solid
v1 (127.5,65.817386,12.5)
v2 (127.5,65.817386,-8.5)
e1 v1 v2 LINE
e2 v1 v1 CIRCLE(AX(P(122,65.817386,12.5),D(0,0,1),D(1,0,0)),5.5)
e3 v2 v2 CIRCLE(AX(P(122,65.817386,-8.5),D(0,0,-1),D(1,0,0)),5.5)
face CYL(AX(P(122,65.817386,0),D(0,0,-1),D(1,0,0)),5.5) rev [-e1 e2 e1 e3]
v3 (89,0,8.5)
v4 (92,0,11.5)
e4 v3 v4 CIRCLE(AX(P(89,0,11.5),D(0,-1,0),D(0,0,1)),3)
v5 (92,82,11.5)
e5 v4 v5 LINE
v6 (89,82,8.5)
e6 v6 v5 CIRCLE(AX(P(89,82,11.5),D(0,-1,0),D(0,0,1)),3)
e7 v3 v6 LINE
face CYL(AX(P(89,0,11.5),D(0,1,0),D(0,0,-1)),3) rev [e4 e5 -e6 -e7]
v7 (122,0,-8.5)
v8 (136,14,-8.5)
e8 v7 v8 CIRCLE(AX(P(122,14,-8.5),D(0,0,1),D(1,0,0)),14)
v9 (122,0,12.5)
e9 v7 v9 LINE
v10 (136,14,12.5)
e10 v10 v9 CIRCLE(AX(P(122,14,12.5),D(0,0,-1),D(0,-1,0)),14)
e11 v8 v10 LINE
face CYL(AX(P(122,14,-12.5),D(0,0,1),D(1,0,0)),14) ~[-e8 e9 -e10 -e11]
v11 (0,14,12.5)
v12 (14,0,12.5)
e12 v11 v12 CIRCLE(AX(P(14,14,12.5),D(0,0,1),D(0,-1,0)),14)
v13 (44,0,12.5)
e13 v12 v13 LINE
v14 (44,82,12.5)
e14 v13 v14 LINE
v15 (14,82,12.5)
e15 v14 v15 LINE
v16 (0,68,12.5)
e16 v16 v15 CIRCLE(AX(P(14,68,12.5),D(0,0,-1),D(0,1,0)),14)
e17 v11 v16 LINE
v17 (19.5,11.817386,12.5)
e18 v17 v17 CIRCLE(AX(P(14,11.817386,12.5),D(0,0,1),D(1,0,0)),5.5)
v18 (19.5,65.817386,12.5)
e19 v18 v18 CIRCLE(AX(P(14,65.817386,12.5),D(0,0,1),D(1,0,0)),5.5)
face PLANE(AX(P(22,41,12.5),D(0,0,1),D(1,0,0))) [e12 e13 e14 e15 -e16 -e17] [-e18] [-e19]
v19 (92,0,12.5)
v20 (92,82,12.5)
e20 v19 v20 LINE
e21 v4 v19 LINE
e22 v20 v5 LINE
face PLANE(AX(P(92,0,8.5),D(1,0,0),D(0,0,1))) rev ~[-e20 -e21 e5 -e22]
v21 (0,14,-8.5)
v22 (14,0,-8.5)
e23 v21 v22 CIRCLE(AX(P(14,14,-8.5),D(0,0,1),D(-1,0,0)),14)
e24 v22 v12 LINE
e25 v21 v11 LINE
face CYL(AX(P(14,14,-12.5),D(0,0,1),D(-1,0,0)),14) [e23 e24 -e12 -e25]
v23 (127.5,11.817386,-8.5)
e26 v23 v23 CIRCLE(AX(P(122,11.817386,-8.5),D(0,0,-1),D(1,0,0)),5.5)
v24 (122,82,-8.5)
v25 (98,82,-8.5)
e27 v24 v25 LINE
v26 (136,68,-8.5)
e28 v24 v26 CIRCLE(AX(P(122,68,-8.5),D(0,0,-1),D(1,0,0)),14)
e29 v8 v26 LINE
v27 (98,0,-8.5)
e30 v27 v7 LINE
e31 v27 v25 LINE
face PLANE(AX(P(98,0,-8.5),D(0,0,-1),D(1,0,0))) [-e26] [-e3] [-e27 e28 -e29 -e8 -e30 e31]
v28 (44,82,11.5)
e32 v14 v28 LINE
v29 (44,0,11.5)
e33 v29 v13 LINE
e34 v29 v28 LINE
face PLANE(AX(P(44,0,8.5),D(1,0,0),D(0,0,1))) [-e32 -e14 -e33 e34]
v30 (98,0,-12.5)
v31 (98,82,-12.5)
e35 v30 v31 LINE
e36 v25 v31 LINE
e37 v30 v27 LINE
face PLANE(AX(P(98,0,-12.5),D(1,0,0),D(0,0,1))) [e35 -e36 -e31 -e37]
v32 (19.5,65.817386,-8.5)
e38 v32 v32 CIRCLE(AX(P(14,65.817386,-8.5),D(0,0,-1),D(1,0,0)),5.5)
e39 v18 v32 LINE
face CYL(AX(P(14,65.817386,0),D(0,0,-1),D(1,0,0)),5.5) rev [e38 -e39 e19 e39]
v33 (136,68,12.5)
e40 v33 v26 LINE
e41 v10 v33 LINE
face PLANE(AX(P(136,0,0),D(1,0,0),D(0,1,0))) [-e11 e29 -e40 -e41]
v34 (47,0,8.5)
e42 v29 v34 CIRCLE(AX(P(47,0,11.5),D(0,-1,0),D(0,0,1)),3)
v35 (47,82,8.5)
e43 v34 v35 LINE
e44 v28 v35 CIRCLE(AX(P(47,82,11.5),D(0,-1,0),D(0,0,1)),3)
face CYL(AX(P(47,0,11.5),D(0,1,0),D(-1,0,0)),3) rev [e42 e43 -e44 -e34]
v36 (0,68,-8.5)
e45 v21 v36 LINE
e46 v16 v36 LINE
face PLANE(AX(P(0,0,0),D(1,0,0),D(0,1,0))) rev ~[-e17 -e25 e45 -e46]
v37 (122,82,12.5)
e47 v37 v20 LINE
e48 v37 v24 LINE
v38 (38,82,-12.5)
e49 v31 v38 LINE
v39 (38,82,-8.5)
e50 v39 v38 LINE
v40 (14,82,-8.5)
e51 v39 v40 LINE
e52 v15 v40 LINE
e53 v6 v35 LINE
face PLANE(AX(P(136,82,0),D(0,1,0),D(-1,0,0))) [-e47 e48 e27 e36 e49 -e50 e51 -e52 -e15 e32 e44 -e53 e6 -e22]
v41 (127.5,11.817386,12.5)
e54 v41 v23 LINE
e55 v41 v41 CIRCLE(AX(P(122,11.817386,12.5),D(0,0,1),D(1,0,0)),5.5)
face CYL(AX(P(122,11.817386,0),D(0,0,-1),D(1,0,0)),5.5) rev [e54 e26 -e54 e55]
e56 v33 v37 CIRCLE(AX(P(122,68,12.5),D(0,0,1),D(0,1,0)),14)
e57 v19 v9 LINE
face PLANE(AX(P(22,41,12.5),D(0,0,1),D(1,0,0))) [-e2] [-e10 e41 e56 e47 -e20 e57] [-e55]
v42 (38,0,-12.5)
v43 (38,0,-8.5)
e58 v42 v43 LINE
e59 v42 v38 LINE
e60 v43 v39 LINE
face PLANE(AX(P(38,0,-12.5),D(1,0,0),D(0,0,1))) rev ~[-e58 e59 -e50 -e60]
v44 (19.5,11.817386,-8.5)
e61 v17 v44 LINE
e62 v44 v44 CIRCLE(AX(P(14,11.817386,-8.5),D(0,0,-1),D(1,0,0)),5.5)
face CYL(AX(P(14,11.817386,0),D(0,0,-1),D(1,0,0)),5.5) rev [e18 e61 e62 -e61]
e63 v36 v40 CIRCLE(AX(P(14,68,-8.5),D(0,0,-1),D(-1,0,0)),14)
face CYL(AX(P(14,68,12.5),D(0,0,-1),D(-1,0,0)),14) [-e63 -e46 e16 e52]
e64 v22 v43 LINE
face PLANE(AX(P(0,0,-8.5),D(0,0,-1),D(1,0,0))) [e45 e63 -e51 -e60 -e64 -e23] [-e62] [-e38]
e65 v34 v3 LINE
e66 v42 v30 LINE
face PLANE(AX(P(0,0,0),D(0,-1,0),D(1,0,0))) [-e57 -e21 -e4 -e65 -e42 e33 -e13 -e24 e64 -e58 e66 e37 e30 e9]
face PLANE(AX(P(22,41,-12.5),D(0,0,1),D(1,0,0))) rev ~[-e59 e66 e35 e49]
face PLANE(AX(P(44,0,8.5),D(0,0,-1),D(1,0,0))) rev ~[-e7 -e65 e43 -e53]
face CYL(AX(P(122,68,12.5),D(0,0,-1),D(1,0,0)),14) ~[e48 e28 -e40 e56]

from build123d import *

# Parameters (mm, degrees)
F0_W     = 44
F0_H     = 82
F0_R     = 5.5
F0_W_2   = 48
F1_DEPTH = 12.5
F2_R     = 14
F3_W     = 48
F3_H     = 4
F4_DEPTH = 82.001
F5_R     = 3
F6_W     = 38
F6_H     = 4
F7_DEPTH = 82.001


with BuildPart() as f1:
    # F0 (on Top) → F1 (new body, symmetric)
    with BuildSketch(Plane.XY):
        with Locations((22, 41)):
            Rectangle(F0_W, F0_H)
        with Locations((14, 11.8173863739)):
            Circle(F0_R, mode=Mode.SUBTRACT)
        with Locations((14, 65.8173863739)):
            Circle(F0_R, mode=Mode.SUBTRACT)
        with Locations((68, 41)):
            Rectangle(F0_W_2, F0_H)
        with Locations((114, 41)):
            Rectangle(F0_W, F0_H)
        with Locations((122, 11.8173863739)):
            Circle(F0_R, mode=Mode.SUBTRACT)
        with Locations((122, 65.8173863739)):
            Circle(F0_R, mode=Mode.SUBTRACT)
    extrude(amount=F1_DEPTH, both=True)

    # F2
    f2_edges = [f1.edges().sort_by_distance(p)[0] for p in [
        (0, 82, 0),
        (136, 82, 0),
        (136, 0, 0),
        (0, 0, 0),
    ]]
    fillet(f2_edges, radius=F2_R)

    # F3 (on face) → F4 (cut, through all)
    with BuildSketch(Plane.XZ):
        with Locations((68, 10.5)):
            Rectangle(F3_W, F3_H)
    extrude(amount=-F4_DEPTH, mode=Mode.SUBTRACT)

    # F5
    f5_edges = [f1.edges().sort_by_distance(p)[0] for p in [
        (44, 41, 8.5),
        (92, 41, 8.5),
    ]]
    fillet(f5_edges, radius=F5_R)

    # F6 (on face) → F7 (cut, through all)
    with BuildSketch(Plane.XZ):
        with Locations((117, -10.5)):
            Rectangle(F6_W, F6_H)
        with Locations((19, -10.5)):
            Rectangle(F6_W, F6_H)
    extrude(amount=-F7_DEPTH, mode=Mode.SUBTRACT)


solid = f1.part
